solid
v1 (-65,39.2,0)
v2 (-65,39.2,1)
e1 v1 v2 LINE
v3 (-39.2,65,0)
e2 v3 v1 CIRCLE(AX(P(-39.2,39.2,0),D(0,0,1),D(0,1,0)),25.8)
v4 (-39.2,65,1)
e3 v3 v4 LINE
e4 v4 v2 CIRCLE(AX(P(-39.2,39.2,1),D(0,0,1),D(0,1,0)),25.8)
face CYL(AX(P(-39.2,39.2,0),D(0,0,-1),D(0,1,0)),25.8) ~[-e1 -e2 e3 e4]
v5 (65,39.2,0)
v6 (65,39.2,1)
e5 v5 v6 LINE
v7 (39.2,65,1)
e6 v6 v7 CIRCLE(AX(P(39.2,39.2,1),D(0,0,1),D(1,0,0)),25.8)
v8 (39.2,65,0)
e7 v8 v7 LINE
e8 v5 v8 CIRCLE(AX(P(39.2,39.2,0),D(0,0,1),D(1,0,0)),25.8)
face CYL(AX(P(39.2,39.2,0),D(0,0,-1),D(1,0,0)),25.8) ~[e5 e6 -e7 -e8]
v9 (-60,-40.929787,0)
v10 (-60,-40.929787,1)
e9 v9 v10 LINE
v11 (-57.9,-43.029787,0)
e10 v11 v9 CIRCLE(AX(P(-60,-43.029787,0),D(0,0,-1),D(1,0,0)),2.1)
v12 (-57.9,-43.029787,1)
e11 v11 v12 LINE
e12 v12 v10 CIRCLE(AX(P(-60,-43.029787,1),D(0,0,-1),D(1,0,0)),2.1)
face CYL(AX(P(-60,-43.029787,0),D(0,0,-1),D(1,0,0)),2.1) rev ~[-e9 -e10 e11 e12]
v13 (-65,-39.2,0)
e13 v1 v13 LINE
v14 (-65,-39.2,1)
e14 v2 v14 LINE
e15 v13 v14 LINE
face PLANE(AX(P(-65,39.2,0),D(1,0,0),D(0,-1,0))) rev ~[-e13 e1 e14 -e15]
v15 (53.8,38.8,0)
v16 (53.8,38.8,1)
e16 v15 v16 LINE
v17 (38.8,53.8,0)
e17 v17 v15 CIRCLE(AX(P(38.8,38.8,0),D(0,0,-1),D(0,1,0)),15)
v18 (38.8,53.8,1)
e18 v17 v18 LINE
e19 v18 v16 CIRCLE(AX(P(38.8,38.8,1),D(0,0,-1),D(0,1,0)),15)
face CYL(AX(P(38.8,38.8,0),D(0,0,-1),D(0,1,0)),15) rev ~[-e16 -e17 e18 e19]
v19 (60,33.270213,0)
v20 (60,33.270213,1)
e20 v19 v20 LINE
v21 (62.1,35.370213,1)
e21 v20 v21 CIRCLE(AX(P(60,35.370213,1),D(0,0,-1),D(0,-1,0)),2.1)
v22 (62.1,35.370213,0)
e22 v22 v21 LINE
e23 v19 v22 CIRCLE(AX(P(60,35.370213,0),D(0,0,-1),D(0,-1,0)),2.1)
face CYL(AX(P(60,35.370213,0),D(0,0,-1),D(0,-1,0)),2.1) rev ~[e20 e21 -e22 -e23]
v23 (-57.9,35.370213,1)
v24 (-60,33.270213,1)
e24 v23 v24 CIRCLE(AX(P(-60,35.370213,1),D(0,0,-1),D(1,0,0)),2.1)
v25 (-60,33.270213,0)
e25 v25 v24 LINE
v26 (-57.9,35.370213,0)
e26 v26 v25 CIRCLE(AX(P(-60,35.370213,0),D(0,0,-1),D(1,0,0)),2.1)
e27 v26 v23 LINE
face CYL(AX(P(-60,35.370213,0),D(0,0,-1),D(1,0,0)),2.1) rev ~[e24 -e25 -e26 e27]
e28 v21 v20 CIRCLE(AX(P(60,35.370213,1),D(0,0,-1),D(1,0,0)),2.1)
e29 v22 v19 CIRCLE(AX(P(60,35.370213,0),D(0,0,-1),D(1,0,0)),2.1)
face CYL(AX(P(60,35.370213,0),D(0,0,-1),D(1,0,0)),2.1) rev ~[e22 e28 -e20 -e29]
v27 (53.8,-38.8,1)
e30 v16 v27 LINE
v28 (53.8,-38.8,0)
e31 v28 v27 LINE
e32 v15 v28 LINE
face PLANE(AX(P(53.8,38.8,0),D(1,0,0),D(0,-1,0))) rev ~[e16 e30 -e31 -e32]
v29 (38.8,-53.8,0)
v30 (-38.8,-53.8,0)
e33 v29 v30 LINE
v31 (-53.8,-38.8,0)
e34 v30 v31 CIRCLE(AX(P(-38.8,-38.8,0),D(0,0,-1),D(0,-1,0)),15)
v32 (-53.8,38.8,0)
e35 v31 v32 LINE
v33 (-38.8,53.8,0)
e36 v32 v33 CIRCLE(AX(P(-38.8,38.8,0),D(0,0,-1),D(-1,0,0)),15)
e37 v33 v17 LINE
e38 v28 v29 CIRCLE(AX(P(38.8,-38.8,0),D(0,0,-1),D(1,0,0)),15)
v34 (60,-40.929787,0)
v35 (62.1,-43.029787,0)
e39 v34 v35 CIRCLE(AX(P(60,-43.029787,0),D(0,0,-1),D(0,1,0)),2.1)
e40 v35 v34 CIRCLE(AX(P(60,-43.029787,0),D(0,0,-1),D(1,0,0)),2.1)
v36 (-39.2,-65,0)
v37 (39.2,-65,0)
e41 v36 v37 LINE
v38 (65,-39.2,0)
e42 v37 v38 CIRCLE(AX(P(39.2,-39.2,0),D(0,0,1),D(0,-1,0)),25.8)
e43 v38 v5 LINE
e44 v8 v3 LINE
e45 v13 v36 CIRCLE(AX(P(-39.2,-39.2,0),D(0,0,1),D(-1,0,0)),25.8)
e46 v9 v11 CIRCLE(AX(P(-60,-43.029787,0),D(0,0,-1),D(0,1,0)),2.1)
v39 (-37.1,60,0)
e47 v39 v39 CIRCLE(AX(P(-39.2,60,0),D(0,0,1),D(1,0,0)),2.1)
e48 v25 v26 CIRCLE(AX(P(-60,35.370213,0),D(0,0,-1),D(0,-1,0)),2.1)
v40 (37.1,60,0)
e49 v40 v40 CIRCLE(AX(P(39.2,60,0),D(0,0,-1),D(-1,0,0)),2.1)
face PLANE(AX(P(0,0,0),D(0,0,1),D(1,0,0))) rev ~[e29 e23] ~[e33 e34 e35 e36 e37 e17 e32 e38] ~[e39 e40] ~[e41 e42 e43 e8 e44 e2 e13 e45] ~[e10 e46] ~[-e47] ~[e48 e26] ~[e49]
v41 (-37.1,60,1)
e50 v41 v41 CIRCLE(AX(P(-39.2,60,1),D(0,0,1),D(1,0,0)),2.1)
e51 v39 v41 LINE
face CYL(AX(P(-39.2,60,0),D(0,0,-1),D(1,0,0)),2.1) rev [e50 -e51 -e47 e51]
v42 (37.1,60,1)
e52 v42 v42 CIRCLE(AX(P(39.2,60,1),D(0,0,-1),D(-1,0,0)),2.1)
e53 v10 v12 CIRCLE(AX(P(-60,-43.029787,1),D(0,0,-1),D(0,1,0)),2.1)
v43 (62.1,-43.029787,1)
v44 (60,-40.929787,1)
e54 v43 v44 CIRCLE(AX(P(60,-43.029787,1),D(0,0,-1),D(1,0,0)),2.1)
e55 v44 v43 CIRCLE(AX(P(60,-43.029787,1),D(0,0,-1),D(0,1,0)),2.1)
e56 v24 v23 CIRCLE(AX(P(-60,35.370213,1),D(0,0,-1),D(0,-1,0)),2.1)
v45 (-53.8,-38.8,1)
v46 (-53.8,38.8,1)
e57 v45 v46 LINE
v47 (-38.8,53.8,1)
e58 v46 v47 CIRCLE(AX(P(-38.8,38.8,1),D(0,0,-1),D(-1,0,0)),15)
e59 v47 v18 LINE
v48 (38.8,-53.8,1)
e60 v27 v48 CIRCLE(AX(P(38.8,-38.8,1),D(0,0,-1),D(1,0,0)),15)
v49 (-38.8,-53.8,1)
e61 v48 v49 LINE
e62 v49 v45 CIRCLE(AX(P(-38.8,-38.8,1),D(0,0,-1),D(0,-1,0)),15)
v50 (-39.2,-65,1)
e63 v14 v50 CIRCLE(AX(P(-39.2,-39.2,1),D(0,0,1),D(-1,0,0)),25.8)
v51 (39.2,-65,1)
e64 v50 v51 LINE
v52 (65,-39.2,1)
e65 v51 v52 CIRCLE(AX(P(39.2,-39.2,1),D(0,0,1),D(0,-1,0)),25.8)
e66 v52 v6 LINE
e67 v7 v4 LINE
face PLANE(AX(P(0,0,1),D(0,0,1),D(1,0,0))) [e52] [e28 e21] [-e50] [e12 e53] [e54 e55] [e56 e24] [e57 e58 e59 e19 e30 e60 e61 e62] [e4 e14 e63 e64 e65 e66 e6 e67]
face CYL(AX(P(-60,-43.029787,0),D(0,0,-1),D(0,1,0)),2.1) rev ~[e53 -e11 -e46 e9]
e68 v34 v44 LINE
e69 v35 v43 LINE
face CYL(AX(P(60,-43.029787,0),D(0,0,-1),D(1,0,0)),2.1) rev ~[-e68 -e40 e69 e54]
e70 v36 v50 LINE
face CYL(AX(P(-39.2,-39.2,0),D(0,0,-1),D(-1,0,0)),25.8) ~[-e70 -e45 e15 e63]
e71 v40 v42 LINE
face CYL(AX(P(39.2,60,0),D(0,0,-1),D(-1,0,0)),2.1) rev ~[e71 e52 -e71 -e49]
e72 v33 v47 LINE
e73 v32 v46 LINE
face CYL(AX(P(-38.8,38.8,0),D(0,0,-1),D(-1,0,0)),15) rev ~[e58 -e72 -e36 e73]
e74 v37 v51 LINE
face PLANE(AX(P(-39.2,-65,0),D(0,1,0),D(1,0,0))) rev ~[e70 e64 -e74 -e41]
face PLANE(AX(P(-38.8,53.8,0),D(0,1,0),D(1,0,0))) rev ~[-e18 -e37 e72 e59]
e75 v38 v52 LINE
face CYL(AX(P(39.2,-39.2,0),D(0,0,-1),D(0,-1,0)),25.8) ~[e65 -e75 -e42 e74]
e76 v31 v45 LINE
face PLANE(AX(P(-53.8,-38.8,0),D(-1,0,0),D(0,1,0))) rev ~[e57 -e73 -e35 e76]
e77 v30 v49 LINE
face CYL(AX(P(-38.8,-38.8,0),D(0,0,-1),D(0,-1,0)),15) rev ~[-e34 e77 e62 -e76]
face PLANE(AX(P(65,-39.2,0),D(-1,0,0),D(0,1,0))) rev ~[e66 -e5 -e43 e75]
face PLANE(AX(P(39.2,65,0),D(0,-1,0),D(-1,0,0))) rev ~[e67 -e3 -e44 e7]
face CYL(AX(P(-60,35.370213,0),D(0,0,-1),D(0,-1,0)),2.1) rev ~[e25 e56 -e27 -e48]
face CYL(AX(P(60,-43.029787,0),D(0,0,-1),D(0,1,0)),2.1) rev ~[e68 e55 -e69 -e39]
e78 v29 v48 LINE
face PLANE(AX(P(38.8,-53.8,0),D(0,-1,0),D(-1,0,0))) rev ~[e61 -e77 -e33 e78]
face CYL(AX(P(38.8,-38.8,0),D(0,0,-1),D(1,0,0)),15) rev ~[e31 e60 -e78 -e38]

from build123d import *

# Parameters (mm, degrees)
F0_R     = 2.1
F1_DEPTH = 1


with BuildPart() as f1:
    # F0 (on Top) → F1 (new body)
    with BuildSketch(Plane.XY):
        with BuildLine():
            ThreePointArc((65, 39.2), (57.4433549546, 57.4433549546), (39.2, 65))
            Line((39.2, 65), (-39.2, 65))
            ThreePointArc((-39.2, 65), (-57.4433549546, 57.4433549546), (-65, 39.2))
            Line((-65, 39.2), (-65, -39.2))
            ThreePointArc((-65, -39.2), (-57.4433549546, -57.4433549546), (-39.2, -65))
            Line((-39.2, -65), (39.2, -65))
            ThreePointArc((39.2, -65), (57.4433549546, -57.4433549546), (65, -39.2))
            Line((65, -39.2), (65, 39.2))
        make_face()
        with BuildLine():
            ThreePointArc((-57.9, -43.029787234), (-61.4849242405, -44.5147114745), (-60, -40.929787234))
            ThreePointArc((-60, -40.929787234), (-58.5150757595, -41.5448629936), (-57.9, -43.029787234))
        make_face(mode=Mode.SUBTRACT)
        with BuildLine():
            ThreePointArc((62.1, -43.029787234), (58.5150757595, -44.5147114745), (60, -40.929787234))
            ThreePointArc((60, -40.929787234), (61.4849242405, -41.5448629936), (62.1, -43.029787234))
        make_face(mode=Mode.SUBTRACT)
        with BuildLine():
            ThreePointArc((-57.9, 35.370212766), (-58.5150757595, 33.8852885255), (-60, 33.270212766))
            ThreePointArc((-60, 33.270212766), (-61.4849242405, 36.8551370064), (-57.9, 35.370212766))
        make_face(mode=Mode.SUBTRACT)
        with Locations((-39.2, 60)):
            Circle(F0_R, mode=Mode.SUBTRACT)
        with BuildLine():
            ThreePointArc((-55, 39.2), (-50.3722871427, 50.3722871427), (-39.2, 55))
            Line((-39.2, 55), (39.2, 55))
            ThreePointArc((39.2, 55), (50.3722871427, 50.3722871427), (55, 39.2))
            Line((55, 39.2), (55, -39.2))
            ThreePointArc((55, -39.2), (50.3722871427, -50.3722871427), (39.2, -55))
            Line((39.2, -55), (-39.2, -55))
            ThreePointArc((-39.2, -55), (-50.3722871427, -50.3722871427), (-55, -39.2))
            Line((-55, -39.2), (-55, 39.2))
        make_face(mode=Mode.SUBTRACT)
        with BuildLine():
            ThreePointArc((62.1, 35.370212766), (61.4849242405, 33.8852885255), (60, 33.270212766))
            ThreePointArc((60, 33.270212766), (58.5150757595, 36.8551370064), (62.1, 35.370212766))
        make_face(mode=Mode.SUBTRACT)
        with BuildLine():
            ThreePointArc((41.3, 60), (39.2, 57.9), (37.1, 60))
            ThreePointArc((37.1, 60), (39.2, 62.1), (41.3, 60))
        make_face(mode=Mode.SUBTRACT)
        with BuildLine():
            Line((39.2, 55), (-39.2, 55))
            ThreePointArc((-39.2, 55), (-50.3722871427, 50.3722871427), (-55, 39.2))
            Line((-55, 39.2), (-55, -39.2))
            ThreePointArc((-55, -39.2), (-50.3722871427, -50.3722871427), (-39.2, -55))
            Line((-39.2, -55), (39.2, -55))
            ThreePointArc((39.2, -55), (50.3722871427, -50.3722871427), (55, -39.2))
            Line((55, -39.2), (55, 39.2))
            ThreePointArc((55, 39.2), (50.3722871427, 50.3722871427), (39.2, 55))
        make_face()
        with BuildLine():
            ThreePointArc((-53.8, 38.8), (-49.4066017178, 49.4066017178), (-38.8, 53.8))
            Line((-38.8, 53.8), (38.8, 53.8))
            ThreePointArc((38.8, 53.8), (49.4066017178, 49.4066017178), (53.8, 38.8))
            Line((53.8, 38.8), (53.8, -38.8))
            ThreePointArc((53.8, -38.8), (49.4066017178, -49.4066017178), (38.8, -53.8))
            Line((38.8, -53.8), (-38.8, -53.8))
            ThreePointArc((-38.8, -53.8), (-49.4066017178, -49.4066017178), (-53.8, -38.8))
            Line((-53.8, -38.8), (-53.8, 38.8))
        make_face(mode=Mode.SUBTRACT)
    extrude(amount=F1_DEPTH)


solid = f1.part
